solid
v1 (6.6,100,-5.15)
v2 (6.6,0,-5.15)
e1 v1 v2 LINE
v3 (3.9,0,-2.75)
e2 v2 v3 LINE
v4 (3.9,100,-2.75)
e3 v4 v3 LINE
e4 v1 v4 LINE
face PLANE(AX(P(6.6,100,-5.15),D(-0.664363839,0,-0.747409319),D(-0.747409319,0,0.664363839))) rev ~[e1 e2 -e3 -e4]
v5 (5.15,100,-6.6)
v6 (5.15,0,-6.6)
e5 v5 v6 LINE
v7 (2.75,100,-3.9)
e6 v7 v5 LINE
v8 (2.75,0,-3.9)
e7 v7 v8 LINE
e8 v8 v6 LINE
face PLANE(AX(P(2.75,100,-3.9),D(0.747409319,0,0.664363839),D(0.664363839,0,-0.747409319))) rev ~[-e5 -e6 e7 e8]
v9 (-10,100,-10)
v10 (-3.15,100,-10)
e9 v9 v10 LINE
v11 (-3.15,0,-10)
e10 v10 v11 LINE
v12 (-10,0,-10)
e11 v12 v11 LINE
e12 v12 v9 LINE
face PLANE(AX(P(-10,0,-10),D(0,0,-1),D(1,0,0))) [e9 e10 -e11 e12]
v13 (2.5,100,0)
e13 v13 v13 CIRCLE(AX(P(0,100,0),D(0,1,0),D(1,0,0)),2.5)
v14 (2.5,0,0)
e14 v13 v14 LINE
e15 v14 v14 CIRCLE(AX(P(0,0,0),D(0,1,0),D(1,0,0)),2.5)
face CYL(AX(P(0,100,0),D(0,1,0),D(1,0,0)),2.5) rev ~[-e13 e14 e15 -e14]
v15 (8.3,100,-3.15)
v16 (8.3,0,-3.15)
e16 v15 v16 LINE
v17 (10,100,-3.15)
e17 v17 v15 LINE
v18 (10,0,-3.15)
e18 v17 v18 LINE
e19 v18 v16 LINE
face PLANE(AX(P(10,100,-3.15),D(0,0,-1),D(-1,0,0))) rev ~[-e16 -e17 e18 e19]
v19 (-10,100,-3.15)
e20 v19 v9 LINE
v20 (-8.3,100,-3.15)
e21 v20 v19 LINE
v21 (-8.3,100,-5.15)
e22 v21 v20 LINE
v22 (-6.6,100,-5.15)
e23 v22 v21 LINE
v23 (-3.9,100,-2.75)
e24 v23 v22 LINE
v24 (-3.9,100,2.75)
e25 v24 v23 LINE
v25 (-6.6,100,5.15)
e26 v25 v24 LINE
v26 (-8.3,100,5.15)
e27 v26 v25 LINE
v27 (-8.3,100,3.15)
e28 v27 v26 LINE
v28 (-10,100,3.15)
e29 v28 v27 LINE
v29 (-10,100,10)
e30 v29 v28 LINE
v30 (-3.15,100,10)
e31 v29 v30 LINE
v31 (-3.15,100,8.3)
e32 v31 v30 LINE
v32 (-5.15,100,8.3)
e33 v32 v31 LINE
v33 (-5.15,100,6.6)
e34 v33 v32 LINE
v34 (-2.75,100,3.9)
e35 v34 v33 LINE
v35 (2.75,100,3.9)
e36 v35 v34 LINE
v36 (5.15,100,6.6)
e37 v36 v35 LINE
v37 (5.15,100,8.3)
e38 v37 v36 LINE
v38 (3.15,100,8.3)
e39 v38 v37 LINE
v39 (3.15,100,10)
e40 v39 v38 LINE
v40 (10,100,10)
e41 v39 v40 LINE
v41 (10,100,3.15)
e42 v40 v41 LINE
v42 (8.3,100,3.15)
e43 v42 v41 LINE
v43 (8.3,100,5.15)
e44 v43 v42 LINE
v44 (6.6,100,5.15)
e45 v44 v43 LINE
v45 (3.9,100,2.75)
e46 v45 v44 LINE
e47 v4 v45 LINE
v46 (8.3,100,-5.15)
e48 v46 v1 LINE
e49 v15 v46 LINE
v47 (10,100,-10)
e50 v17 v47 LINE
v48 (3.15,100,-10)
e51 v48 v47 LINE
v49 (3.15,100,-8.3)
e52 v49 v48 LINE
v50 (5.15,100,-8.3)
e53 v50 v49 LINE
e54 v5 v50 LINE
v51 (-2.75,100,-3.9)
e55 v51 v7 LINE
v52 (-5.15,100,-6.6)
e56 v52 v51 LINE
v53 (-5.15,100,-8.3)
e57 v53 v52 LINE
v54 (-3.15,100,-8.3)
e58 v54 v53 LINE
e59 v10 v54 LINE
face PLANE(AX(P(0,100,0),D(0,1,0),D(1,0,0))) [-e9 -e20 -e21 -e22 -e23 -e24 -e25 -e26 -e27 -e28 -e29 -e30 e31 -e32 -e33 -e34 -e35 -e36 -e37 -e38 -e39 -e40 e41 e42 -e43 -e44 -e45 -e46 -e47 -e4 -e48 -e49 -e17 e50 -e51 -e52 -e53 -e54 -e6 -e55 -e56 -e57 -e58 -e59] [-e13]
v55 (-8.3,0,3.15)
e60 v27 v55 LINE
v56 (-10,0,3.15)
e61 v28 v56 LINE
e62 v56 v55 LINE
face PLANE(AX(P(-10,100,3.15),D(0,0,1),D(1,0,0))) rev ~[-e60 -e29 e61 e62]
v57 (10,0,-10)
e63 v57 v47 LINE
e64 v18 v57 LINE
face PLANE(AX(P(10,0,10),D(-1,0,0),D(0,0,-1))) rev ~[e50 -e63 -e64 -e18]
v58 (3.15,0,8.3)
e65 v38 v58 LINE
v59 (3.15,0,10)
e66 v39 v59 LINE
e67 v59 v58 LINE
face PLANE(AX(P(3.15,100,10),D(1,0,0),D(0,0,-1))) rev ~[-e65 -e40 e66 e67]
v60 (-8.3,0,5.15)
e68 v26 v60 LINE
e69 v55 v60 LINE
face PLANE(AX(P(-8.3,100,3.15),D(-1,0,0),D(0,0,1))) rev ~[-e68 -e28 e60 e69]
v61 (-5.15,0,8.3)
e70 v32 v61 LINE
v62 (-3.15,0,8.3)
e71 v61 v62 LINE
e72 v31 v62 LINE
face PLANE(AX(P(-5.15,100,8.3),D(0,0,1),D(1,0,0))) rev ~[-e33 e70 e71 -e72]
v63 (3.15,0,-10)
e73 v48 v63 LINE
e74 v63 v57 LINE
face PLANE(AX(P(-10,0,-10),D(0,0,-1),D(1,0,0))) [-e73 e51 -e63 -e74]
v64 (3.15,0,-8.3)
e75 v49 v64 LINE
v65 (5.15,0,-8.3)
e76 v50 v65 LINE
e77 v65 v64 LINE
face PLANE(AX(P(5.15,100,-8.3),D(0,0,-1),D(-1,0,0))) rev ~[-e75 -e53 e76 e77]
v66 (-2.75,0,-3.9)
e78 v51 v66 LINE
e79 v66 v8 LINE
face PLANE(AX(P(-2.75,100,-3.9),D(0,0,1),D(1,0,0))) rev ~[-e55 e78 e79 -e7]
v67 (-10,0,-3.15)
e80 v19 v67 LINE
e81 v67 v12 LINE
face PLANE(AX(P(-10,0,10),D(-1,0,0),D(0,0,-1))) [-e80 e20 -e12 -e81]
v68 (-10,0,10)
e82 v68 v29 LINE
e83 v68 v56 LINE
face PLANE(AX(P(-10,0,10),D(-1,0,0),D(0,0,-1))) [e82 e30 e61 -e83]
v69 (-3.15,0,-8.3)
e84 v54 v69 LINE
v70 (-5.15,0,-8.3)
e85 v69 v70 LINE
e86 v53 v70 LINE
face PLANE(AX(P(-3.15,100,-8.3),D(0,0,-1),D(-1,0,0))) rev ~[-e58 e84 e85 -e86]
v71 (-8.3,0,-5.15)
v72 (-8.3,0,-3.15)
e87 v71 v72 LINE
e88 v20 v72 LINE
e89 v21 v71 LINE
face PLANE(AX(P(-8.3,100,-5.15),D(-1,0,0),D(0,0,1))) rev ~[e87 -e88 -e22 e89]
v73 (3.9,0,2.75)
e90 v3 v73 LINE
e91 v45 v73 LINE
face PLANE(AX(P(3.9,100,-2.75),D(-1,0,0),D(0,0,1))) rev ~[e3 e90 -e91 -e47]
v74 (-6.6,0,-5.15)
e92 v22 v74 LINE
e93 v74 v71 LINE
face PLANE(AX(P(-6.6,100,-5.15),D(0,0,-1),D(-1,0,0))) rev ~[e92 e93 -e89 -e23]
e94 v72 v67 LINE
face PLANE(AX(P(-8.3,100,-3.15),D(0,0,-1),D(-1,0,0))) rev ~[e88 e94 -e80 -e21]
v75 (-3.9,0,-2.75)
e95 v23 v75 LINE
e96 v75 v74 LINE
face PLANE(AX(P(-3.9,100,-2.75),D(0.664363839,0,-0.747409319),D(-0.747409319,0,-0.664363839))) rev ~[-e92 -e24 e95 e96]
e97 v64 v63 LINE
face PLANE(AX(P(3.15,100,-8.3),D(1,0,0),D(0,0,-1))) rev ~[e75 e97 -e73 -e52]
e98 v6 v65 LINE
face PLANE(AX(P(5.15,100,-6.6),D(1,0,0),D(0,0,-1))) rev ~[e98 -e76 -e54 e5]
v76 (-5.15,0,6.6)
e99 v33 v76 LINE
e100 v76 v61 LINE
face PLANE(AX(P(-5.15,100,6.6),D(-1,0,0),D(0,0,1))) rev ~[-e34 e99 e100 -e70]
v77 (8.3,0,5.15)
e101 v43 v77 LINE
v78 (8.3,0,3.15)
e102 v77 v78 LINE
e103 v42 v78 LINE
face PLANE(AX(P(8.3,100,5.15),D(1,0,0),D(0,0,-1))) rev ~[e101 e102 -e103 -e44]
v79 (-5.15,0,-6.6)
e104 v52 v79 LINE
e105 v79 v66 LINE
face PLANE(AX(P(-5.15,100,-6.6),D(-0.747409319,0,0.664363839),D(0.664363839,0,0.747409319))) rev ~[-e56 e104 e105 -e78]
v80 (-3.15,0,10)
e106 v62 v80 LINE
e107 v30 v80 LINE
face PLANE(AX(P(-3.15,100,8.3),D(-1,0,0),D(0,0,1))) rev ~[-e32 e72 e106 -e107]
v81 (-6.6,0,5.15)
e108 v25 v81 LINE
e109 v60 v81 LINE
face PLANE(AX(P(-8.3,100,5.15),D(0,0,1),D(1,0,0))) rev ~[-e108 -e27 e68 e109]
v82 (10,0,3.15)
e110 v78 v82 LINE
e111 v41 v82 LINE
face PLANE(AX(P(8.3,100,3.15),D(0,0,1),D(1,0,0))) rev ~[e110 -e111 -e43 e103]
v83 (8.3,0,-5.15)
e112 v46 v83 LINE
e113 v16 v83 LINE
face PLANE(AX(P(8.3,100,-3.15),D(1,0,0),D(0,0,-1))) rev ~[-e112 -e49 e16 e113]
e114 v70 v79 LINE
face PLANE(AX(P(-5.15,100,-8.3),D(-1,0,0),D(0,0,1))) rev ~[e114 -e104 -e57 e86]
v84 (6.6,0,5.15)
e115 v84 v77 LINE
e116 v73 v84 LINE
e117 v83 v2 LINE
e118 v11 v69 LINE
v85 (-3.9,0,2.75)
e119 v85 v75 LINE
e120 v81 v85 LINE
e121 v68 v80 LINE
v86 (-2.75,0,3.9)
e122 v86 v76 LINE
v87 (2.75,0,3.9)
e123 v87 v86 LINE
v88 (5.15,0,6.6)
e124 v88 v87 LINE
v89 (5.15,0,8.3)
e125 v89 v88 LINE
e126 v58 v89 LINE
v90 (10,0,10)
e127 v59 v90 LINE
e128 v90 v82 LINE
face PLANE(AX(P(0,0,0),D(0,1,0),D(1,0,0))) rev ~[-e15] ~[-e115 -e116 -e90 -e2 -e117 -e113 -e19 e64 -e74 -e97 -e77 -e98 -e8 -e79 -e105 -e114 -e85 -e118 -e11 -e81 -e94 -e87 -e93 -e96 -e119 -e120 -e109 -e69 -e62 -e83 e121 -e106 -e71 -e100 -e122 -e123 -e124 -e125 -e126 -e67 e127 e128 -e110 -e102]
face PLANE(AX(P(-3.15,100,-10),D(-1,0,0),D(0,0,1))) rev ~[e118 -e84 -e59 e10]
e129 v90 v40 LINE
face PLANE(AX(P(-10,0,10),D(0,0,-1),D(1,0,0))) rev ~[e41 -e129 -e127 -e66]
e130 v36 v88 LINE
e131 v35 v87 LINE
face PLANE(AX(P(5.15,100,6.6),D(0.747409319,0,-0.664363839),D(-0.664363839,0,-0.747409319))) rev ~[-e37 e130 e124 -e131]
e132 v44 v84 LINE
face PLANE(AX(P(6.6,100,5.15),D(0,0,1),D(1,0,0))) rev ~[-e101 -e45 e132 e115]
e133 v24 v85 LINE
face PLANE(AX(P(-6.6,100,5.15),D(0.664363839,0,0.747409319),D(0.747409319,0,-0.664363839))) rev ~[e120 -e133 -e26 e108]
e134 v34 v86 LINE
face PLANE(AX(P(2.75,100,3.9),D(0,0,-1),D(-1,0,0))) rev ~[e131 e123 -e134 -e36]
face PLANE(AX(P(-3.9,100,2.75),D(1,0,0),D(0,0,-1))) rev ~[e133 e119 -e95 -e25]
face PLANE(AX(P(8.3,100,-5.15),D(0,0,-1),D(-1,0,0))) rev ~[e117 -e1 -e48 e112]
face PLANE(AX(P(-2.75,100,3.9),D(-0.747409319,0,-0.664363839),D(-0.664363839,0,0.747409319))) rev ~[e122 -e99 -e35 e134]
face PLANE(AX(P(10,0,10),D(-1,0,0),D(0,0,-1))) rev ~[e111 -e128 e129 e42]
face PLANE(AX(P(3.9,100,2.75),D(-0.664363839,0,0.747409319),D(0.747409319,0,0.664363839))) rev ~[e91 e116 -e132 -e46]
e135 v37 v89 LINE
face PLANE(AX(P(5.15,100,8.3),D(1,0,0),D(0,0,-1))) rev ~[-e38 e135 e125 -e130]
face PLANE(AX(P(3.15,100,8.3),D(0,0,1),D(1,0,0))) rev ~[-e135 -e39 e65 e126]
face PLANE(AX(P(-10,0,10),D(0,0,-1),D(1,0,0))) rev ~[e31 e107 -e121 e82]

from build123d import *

# Parameters (mm, degrees)
SKETCH_1_W          = 20
SKETCH_1_H          = 20
EXTRUDE_1_DEPTH     = 100
SKETCH_2_R          = 2.5
CUT_EXTRUDE_1_DEPTH = 101


with BuildPart() as part:
    # 草图1 → 凸台-拉伸1 (new body)
    with BuildSketch(Plane(origin=(0, 0, 0), x_dir=(1, 0, 0), z_dir=(0, 1, 0))):
        Rectangle(SKETCH_1_W, SKETCH_1_H)
    extrude(amount=EXTRUDE_1_DEPTH)

    # 草图2 → 切除-拉伸1 (cut, through all)
    with BuildSketch(Plane(origin=(0, 100, 0), x_dir=(1, 0, 0), z_dir=(0, 1, 0))):
        Circle(SKETCH_2_R)
        Polygon((-3.15, 10), (-3.15, 8.3), (-5.15, 8.3), (-5.15, 6.6), (-2.75, 3.9), (2.75, 3.9), (5.15, 6.6), (5.15, 8.3), (3.15, 8.3), (3.15, 10), align=None)
        Polygon((3.9, 2.75), (3.9, -2.75), (6.6, -5.15), (8.3, -5.15), (8.3, -3.15), (10, -3.15), (10, 3.15), (8.3, 3.15), (8.3, 5.15), (6.6, 5.15), align=None)
        Polygon((2.75, -3.9), (-2.75, -3.9), (-5.15, -6.6), (-5.15, -8.3), (-3.15, -8.3), (-3.15, -10), (3.15, -10), (3.15, -8.3), (5.15, -8.3), (5.15, -6.6), align=None)
        Polygon((-3.9, -2.75), (-3.9, 2.75), (-6.6, 5.15), (-8.3, 5.15), (-8.3, 3.15), (-10, 3.15), (-10, -3.15), (-8.3, -3.15), (-8.3, -5.15), (-6.6, -5.15), align=None)
    extrude(amount=-CUT_EXTRUDE_1_DEPTH, mode=Mode.SUBTRACT)


solid = part.part
